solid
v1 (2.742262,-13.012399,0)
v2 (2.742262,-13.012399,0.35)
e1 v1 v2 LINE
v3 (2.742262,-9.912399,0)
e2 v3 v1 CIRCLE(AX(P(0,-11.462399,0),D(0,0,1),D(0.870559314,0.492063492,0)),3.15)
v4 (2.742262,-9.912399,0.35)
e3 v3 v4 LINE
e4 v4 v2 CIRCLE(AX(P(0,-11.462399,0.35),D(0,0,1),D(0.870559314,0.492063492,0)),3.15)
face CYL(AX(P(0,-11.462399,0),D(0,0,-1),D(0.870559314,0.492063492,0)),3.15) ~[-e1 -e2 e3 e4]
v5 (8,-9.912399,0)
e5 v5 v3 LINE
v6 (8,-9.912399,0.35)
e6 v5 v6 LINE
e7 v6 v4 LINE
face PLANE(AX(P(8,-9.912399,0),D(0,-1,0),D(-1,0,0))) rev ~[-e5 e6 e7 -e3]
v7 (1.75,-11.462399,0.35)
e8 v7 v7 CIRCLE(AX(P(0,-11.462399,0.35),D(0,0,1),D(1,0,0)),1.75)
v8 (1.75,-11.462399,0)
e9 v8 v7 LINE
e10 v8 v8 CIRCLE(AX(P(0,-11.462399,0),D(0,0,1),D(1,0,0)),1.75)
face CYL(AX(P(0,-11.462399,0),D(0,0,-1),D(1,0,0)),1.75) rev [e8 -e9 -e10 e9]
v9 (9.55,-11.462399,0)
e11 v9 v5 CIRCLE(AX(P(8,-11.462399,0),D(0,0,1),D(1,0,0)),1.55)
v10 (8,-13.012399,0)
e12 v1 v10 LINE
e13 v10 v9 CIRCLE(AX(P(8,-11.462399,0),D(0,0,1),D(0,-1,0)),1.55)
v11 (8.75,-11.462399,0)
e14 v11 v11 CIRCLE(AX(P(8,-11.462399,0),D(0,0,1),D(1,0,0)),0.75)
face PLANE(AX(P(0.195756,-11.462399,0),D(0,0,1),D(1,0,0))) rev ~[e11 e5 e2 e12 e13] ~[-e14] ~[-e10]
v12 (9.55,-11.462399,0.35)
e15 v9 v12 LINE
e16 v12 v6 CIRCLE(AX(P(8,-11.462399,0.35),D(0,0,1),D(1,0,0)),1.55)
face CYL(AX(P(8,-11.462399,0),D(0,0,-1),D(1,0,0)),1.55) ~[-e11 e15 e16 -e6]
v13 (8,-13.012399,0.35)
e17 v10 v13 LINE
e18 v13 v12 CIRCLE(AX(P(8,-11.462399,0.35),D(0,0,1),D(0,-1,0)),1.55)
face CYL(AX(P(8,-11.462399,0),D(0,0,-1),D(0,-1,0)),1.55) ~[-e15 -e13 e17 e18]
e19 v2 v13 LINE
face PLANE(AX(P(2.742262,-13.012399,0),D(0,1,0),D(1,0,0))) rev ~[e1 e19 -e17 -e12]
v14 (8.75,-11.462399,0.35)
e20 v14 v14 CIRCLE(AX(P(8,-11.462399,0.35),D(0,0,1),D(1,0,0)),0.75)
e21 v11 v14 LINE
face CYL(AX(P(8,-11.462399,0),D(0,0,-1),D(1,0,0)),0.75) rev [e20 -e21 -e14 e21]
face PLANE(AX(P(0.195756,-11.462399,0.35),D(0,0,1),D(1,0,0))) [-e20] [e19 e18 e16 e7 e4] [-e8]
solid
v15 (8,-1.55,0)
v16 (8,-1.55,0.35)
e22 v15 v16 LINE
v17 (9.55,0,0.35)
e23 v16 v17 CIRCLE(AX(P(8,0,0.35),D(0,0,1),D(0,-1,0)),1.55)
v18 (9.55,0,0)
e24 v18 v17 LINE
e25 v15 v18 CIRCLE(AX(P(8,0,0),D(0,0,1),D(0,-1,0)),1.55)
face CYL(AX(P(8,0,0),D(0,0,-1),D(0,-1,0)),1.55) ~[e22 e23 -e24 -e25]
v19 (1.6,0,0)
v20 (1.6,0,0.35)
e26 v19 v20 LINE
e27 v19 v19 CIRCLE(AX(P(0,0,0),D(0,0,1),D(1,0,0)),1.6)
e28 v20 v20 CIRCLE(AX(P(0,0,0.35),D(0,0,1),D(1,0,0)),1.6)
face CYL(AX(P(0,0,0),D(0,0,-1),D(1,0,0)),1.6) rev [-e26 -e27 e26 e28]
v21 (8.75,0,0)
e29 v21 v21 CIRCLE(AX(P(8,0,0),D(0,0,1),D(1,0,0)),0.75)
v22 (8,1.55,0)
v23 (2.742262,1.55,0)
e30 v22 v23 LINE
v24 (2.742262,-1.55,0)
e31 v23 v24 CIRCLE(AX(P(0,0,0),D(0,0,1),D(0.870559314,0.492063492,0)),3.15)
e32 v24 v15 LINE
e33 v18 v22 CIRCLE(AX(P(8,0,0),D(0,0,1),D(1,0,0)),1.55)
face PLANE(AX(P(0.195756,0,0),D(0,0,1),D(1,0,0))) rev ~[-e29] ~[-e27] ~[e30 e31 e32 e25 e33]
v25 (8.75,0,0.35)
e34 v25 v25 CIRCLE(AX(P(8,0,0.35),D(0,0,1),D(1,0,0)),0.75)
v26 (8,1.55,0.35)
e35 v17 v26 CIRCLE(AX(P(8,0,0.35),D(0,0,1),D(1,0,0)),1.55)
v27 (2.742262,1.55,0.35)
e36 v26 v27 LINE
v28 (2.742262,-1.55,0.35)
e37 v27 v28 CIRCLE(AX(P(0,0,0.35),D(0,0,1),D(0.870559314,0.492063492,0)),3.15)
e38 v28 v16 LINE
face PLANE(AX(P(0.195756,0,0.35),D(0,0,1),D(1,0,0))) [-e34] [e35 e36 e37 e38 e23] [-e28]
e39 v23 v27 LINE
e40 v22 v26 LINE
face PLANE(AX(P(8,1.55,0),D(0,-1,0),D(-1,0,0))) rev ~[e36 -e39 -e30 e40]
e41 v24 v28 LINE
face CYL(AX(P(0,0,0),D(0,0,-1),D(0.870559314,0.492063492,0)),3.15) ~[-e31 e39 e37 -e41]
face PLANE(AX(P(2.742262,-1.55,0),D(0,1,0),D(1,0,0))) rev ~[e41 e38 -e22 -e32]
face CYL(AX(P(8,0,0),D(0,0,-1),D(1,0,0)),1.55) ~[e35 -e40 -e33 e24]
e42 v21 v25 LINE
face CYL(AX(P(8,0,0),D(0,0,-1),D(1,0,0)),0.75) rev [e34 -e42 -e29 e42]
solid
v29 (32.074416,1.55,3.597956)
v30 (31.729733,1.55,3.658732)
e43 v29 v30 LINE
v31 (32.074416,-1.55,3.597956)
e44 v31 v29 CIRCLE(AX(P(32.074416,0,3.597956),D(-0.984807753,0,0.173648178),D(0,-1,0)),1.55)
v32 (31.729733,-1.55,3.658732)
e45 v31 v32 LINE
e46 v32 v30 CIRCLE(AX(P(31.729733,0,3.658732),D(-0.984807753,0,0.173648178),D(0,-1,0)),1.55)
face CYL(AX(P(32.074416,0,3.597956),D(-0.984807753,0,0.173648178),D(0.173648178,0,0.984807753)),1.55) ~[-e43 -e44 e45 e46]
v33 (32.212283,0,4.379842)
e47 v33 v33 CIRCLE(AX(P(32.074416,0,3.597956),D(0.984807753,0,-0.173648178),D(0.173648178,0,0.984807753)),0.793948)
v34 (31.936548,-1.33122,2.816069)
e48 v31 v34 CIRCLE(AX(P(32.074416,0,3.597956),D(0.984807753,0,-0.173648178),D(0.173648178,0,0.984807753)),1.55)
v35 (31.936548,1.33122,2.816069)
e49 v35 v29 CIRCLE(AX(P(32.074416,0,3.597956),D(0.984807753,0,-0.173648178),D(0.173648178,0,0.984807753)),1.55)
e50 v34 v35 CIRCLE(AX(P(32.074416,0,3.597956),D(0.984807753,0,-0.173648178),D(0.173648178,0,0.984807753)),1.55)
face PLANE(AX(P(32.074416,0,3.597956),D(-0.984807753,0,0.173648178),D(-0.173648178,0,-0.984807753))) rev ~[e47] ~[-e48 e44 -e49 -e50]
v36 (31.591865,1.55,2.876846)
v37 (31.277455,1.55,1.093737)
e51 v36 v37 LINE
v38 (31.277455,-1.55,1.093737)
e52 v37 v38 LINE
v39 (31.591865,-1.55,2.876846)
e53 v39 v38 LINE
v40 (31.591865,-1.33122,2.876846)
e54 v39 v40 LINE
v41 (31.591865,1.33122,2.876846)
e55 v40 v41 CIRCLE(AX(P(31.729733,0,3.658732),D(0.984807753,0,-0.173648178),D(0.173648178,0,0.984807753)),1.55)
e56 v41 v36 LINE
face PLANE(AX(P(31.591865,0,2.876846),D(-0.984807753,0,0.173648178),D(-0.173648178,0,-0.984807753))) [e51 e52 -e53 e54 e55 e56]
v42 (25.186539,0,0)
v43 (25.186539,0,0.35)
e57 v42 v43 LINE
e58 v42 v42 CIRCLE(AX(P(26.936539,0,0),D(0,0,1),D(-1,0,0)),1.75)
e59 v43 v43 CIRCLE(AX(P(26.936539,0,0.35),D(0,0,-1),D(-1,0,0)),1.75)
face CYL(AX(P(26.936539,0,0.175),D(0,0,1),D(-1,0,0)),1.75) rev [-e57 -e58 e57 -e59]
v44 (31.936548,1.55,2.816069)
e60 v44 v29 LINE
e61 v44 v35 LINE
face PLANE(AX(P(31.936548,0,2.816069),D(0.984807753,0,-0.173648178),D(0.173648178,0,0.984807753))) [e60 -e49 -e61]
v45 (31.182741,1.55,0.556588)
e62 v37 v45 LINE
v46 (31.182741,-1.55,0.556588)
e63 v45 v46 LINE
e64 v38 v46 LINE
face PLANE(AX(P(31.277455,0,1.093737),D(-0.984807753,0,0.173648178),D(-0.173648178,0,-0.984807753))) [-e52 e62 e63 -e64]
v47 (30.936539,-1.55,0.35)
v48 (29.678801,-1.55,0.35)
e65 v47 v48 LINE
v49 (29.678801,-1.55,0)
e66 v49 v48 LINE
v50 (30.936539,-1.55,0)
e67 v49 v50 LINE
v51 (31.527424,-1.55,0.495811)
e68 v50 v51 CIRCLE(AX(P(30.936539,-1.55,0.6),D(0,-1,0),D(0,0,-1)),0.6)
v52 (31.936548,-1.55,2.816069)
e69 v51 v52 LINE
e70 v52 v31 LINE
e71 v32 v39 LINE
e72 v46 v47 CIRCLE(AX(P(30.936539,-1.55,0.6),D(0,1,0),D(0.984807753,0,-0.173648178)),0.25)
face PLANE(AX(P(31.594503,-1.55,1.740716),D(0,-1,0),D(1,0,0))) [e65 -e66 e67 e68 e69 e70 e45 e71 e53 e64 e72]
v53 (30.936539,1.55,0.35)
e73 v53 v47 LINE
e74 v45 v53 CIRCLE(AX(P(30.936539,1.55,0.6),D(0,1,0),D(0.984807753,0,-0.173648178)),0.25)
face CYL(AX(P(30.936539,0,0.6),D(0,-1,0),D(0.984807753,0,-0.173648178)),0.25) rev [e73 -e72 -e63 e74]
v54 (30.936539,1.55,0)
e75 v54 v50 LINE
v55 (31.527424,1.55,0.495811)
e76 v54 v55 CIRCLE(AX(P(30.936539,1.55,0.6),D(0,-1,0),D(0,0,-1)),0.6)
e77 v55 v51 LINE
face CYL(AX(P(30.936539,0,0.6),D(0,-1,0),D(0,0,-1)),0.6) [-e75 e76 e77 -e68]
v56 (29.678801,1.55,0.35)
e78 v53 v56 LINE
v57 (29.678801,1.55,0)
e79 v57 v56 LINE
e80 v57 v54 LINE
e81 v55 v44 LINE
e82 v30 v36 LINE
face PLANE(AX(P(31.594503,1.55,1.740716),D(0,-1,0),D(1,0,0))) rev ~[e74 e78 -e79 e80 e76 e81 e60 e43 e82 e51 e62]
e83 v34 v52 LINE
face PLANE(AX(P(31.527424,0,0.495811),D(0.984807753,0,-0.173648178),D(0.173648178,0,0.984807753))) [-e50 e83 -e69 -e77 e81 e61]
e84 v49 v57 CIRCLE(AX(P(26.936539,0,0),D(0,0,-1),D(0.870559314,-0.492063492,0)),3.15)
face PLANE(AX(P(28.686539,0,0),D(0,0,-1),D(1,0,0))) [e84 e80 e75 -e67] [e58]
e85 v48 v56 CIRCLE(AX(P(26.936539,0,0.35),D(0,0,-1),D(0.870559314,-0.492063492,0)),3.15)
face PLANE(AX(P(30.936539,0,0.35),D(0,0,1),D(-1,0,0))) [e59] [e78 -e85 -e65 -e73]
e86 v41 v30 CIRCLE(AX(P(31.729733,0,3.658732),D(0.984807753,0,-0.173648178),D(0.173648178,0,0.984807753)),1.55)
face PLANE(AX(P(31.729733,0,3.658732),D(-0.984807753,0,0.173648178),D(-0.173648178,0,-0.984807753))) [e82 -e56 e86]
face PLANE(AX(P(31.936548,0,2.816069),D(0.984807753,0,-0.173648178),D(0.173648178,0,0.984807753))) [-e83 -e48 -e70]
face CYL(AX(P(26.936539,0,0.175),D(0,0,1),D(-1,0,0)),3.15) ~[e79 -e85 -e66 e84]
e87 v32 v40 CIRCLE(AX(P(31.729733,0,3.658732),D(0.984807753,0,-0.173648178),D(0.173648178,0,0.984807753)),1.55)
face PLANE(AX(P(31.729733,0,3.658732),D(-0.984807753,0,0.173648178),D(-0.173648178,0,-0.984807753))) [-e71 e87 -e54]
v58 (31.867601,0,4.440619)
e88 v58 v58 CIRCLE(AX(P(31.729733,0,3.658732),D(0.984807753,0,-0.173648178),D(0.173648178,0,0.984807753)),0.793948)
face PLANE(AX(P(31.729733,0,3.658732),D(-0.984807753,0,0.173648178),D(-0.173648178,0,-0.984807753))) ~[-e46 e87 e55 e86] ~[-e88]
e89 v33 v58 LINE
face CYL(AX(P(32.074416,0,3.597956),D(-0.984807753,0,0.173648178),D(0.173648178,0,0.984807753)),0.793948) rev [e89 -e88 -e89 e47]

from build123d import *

# Parameters (mm, degrees)
F0_R     = 1.6
F0_R_2   = 0.75
F1_DEPTH = 0.35
F0_R_3   = 1.75
F2_W     = 1.4
F2_H     = 0.35
F5_DEPTH = 1.55


with BuildPart() as f1:
    # F0 (on Top) → F1 (new body)
    with BuildSketch(Plane.XY):
        with BuildLine():
            ThreePointArc((2.7422618402, -1.55), (3.0463605168, -0.8013660847), (3.15, 0))
            ThreePointArc((3.15, 0), (3.0463605168, 0.8013660847), (2.7422618402, 1.55))
            ThreePointArc((2.7422618402, 1.55), (-3.15, 0), (2.7422618402, -1.55))
        make_face()
        Circle(F0_R, mode=Mode.SUBTRACT)
        with BuildLine():
            ThreePointArc((2.7422618402, 1.55), (3.0463605168, 0.8013660847), (3.15, 0))
            ThreePointArc((3.15, 0), (3.0463605168, -0.8013660847), (2.7422618402, -1.55))
            Line((2.7422618402, -1.55), (8, -1.55))
            ThreePointArc((8, -1.55), (6.45, 0), (8, 1.55))
            Line((8, 1.55), (2.7422618402, 1.55))
        make_face()
        with BuildLine():
            ThreePointArc((9.55, 0), (9.0960155108, 1.0960155108), (8, 1.55))
            ThreePointArc((8, 1.55), (6.45, 0), (8, -1.55))
            ThreePointArc((8, -1.55), (9.0960155108, -1.0960155108), (9.55, 0))
        make_face()
        with Locations((8, 0)):
            Circle(F0_R_2, mode=Mode.SUBTRACT)
    extrude(amount=F1_DEPTH)


with BuildPart() as f1b:
    # F0 (on Top) → F1, piece 2 (new body)
    with BuildSketch(Plane.XY):
        with BuildLine():
            ThreePointArc((2.7422618402, -13.0123988047), (3.0463605168, -12.2637648894), (3.15, -11.4623988047))
            ThreePointArc((3.15, -11.4623988047), (3.0463605168, -10.66103272), (2.7422618402, -9.9123988047))
            ThreePointArc((2.7422618402, -9.9123988047), (-3.15, -11.4623988047), (2.7422618402, -13.0123988047))
        make_face()
        with Locations((0, -11.4623988047)):
            Circle(F0_R_3, mode=Mode.SUBTRACT)
        with BuildLine():
            ThreePointArc((2.7422618402, -9.9123988047), (3.0463605168, -10.66103272), (3.15, -11.4623988047))
            ThreePointArc((3.15, -11.4623988047), (3.0463605168, -12.2637648894), (2.7422618402, -13.0123988047))
            Line((2.7422618402, -13.0123988047), (8, -13.0123988047))
            ThreePointArc((8, -13.0123988047), (6.45, -11.4623988047), (8, -9.9123988047))
            Line((8, -9.9123988047), (2.7422618402, -9.9123988047))
        make_face()
        with BuildLine():
            ThreePointArc((9.55, -11.4623988047), (9.0960155108, -10.3663832939), (8, -9.9123988047))
            ThreePointArc((8, -9.9123988047), (6.45, -11.4623988047), (8, -13.0123988047))
            ThreePointArc((8, -13.0123988047), (9.0960155108, -12.5584143156), (9.55, -11.4623988047))
        make_face()
        with Locations((8, -11.4623988047)):
            Circle(F0_R_2, mode=Mode.SUBTRACT)
    extrude(amount=F1_DEPTH)


with BuildPart() as f3:
    # F2 (on Front) → F3 (revolve)
    with BuildSketch(Plane.XZ):
        with Locations((24.4865391731, 0.175)):
            Rectangle(F2_W, F2_H)
    revolve(axis=Axis((26.9365391731, 0, 0.175), (0, 0, -1)))



with BuildPart() as f4:
    # F2 (on Front) → F4 (revolve)
    with BuildSketch(Plane.XZ):
        Polygon((31.9988875464, 5.1851843947), (31.8676005182, 4.4406186587), (32.2122832318, 4.3798417965), (32.34357026, 5.1244075326), align=None)
        Polygon((31.8676005182, 4.4406186587), (31.729732871, 3.6587323776), (32.0744155846, 3.5979555154), (32.2122832318, 4.3798417965), align=None)
    revolve(axis=Axis((31.9020742278, 0, 3.6283439465), (0.984807753, 0, -0.1736481777)))


with BuildPart() as f3_1:
    add(f3.part)

    add(f4.part)  # F5 merges F4
    # F2 (on Front) → F5 (join, symmetric)
    with BuildSketch(Plane.XZ):
        with BuildLine():
            Line((31.5918652238, 2.8768460964), (31.2774550103, 1.0937371689))
            ThreePointArc((31.2774550103, 1.0937371689), (31.4678345252, 0.8787924835), (31.5365391731, 0.6))
            ThreePointArc((31.5365391731, 0.6), (31.534255992, 0.5477065544), (31.5274238249, 0.4958110934))
            Line((31.5274238249, 0.4958110934), (31.9365479374, 2.8160692342))
            Line((31.9365479374, 2.8160692342), (31.5918652238, 2.8768460964))
        make_face()
        with BuildLine():
            ThreePointArc((31.1827411114, 0.5565879556), (31.0972360755, 0.4084888892), (30.9365391731, 0.35))
            Line((30.9365391731, 0.35), (30.9365391731, 0))
            ThreePointArc((30.9365391731, 0), (31.3222117389, 0.1403733341), (31.5274238249, 0.4958110934))
            Line((31.5274238249, 0.4958110934), (31.1827411114, 0.5565879556))
        make_face()
        with BuildLine():
            ThreePointArc((31.5365391731, 0.6), (31.4678345252, 0.8787924835), (31.2774550103, 1.0937371689))
            Line((31.2774550103, 1.0937371689), (31.1827411114, 0.5565879556))
            Line((31.1827411114, 0.5565879556), (31.5274238249, 0.4958110934))
            ThreePointArc((31.5274238249, 0.4958110934), (31.534255992, 0.5477065544), (31.5365391731, 0.6))
        make_face()
        with BuildLine():
            Line((30.9365391731, 0.35), (30.3911035674, 0.35))
            ThreePointArc((30.3911035674, 0.35), (30.6125021382, 0.0950247531), (30.9365391731, 0))
            Line((30.9365391731, 0), (30.9365391731, 0.35))
        make_face()
        with BuildLine():
            Line((30.3911035674, 0.35), (28.6865391731, 0.35))
            Line((28.6865391731, 0.35), (28.6865391731, 0))
            Line((28.6865391731, 0), (30.9365391731, 0))
            ThreePointArc((30.9365391731, 0), (30.6125021382, 0.0950247531), (30.3911035674, 0.35))
        make_face()
        Polygon((31.729732871, 3.6587323776), (31.5918652238, 2.8768460964), (31.9365479374, 2.8160692342), (32.0744155846, 3.5979555154), align=None)
    extrude(amount=F5_DEPTH, both=True)

    # F2 (on Front) → F6 (revolve, cut)
    with BuildSketch(Plane.XZ):
        Polygon((31.8676005182, 4.4406186587), (31.729732871, 3.6587323776), (32.0744155846, 3.5979555154), (32.2122832318, 4.3798417965), align=None)
    revolve(axis=Axis((31.9020742278, 0, 3.6283439465), (0.984807753, 0, -0.1736481777)), mode=Mode.SUBTRACT)


solid = Compound([f1.part, f1b.part, f3_1.part])
